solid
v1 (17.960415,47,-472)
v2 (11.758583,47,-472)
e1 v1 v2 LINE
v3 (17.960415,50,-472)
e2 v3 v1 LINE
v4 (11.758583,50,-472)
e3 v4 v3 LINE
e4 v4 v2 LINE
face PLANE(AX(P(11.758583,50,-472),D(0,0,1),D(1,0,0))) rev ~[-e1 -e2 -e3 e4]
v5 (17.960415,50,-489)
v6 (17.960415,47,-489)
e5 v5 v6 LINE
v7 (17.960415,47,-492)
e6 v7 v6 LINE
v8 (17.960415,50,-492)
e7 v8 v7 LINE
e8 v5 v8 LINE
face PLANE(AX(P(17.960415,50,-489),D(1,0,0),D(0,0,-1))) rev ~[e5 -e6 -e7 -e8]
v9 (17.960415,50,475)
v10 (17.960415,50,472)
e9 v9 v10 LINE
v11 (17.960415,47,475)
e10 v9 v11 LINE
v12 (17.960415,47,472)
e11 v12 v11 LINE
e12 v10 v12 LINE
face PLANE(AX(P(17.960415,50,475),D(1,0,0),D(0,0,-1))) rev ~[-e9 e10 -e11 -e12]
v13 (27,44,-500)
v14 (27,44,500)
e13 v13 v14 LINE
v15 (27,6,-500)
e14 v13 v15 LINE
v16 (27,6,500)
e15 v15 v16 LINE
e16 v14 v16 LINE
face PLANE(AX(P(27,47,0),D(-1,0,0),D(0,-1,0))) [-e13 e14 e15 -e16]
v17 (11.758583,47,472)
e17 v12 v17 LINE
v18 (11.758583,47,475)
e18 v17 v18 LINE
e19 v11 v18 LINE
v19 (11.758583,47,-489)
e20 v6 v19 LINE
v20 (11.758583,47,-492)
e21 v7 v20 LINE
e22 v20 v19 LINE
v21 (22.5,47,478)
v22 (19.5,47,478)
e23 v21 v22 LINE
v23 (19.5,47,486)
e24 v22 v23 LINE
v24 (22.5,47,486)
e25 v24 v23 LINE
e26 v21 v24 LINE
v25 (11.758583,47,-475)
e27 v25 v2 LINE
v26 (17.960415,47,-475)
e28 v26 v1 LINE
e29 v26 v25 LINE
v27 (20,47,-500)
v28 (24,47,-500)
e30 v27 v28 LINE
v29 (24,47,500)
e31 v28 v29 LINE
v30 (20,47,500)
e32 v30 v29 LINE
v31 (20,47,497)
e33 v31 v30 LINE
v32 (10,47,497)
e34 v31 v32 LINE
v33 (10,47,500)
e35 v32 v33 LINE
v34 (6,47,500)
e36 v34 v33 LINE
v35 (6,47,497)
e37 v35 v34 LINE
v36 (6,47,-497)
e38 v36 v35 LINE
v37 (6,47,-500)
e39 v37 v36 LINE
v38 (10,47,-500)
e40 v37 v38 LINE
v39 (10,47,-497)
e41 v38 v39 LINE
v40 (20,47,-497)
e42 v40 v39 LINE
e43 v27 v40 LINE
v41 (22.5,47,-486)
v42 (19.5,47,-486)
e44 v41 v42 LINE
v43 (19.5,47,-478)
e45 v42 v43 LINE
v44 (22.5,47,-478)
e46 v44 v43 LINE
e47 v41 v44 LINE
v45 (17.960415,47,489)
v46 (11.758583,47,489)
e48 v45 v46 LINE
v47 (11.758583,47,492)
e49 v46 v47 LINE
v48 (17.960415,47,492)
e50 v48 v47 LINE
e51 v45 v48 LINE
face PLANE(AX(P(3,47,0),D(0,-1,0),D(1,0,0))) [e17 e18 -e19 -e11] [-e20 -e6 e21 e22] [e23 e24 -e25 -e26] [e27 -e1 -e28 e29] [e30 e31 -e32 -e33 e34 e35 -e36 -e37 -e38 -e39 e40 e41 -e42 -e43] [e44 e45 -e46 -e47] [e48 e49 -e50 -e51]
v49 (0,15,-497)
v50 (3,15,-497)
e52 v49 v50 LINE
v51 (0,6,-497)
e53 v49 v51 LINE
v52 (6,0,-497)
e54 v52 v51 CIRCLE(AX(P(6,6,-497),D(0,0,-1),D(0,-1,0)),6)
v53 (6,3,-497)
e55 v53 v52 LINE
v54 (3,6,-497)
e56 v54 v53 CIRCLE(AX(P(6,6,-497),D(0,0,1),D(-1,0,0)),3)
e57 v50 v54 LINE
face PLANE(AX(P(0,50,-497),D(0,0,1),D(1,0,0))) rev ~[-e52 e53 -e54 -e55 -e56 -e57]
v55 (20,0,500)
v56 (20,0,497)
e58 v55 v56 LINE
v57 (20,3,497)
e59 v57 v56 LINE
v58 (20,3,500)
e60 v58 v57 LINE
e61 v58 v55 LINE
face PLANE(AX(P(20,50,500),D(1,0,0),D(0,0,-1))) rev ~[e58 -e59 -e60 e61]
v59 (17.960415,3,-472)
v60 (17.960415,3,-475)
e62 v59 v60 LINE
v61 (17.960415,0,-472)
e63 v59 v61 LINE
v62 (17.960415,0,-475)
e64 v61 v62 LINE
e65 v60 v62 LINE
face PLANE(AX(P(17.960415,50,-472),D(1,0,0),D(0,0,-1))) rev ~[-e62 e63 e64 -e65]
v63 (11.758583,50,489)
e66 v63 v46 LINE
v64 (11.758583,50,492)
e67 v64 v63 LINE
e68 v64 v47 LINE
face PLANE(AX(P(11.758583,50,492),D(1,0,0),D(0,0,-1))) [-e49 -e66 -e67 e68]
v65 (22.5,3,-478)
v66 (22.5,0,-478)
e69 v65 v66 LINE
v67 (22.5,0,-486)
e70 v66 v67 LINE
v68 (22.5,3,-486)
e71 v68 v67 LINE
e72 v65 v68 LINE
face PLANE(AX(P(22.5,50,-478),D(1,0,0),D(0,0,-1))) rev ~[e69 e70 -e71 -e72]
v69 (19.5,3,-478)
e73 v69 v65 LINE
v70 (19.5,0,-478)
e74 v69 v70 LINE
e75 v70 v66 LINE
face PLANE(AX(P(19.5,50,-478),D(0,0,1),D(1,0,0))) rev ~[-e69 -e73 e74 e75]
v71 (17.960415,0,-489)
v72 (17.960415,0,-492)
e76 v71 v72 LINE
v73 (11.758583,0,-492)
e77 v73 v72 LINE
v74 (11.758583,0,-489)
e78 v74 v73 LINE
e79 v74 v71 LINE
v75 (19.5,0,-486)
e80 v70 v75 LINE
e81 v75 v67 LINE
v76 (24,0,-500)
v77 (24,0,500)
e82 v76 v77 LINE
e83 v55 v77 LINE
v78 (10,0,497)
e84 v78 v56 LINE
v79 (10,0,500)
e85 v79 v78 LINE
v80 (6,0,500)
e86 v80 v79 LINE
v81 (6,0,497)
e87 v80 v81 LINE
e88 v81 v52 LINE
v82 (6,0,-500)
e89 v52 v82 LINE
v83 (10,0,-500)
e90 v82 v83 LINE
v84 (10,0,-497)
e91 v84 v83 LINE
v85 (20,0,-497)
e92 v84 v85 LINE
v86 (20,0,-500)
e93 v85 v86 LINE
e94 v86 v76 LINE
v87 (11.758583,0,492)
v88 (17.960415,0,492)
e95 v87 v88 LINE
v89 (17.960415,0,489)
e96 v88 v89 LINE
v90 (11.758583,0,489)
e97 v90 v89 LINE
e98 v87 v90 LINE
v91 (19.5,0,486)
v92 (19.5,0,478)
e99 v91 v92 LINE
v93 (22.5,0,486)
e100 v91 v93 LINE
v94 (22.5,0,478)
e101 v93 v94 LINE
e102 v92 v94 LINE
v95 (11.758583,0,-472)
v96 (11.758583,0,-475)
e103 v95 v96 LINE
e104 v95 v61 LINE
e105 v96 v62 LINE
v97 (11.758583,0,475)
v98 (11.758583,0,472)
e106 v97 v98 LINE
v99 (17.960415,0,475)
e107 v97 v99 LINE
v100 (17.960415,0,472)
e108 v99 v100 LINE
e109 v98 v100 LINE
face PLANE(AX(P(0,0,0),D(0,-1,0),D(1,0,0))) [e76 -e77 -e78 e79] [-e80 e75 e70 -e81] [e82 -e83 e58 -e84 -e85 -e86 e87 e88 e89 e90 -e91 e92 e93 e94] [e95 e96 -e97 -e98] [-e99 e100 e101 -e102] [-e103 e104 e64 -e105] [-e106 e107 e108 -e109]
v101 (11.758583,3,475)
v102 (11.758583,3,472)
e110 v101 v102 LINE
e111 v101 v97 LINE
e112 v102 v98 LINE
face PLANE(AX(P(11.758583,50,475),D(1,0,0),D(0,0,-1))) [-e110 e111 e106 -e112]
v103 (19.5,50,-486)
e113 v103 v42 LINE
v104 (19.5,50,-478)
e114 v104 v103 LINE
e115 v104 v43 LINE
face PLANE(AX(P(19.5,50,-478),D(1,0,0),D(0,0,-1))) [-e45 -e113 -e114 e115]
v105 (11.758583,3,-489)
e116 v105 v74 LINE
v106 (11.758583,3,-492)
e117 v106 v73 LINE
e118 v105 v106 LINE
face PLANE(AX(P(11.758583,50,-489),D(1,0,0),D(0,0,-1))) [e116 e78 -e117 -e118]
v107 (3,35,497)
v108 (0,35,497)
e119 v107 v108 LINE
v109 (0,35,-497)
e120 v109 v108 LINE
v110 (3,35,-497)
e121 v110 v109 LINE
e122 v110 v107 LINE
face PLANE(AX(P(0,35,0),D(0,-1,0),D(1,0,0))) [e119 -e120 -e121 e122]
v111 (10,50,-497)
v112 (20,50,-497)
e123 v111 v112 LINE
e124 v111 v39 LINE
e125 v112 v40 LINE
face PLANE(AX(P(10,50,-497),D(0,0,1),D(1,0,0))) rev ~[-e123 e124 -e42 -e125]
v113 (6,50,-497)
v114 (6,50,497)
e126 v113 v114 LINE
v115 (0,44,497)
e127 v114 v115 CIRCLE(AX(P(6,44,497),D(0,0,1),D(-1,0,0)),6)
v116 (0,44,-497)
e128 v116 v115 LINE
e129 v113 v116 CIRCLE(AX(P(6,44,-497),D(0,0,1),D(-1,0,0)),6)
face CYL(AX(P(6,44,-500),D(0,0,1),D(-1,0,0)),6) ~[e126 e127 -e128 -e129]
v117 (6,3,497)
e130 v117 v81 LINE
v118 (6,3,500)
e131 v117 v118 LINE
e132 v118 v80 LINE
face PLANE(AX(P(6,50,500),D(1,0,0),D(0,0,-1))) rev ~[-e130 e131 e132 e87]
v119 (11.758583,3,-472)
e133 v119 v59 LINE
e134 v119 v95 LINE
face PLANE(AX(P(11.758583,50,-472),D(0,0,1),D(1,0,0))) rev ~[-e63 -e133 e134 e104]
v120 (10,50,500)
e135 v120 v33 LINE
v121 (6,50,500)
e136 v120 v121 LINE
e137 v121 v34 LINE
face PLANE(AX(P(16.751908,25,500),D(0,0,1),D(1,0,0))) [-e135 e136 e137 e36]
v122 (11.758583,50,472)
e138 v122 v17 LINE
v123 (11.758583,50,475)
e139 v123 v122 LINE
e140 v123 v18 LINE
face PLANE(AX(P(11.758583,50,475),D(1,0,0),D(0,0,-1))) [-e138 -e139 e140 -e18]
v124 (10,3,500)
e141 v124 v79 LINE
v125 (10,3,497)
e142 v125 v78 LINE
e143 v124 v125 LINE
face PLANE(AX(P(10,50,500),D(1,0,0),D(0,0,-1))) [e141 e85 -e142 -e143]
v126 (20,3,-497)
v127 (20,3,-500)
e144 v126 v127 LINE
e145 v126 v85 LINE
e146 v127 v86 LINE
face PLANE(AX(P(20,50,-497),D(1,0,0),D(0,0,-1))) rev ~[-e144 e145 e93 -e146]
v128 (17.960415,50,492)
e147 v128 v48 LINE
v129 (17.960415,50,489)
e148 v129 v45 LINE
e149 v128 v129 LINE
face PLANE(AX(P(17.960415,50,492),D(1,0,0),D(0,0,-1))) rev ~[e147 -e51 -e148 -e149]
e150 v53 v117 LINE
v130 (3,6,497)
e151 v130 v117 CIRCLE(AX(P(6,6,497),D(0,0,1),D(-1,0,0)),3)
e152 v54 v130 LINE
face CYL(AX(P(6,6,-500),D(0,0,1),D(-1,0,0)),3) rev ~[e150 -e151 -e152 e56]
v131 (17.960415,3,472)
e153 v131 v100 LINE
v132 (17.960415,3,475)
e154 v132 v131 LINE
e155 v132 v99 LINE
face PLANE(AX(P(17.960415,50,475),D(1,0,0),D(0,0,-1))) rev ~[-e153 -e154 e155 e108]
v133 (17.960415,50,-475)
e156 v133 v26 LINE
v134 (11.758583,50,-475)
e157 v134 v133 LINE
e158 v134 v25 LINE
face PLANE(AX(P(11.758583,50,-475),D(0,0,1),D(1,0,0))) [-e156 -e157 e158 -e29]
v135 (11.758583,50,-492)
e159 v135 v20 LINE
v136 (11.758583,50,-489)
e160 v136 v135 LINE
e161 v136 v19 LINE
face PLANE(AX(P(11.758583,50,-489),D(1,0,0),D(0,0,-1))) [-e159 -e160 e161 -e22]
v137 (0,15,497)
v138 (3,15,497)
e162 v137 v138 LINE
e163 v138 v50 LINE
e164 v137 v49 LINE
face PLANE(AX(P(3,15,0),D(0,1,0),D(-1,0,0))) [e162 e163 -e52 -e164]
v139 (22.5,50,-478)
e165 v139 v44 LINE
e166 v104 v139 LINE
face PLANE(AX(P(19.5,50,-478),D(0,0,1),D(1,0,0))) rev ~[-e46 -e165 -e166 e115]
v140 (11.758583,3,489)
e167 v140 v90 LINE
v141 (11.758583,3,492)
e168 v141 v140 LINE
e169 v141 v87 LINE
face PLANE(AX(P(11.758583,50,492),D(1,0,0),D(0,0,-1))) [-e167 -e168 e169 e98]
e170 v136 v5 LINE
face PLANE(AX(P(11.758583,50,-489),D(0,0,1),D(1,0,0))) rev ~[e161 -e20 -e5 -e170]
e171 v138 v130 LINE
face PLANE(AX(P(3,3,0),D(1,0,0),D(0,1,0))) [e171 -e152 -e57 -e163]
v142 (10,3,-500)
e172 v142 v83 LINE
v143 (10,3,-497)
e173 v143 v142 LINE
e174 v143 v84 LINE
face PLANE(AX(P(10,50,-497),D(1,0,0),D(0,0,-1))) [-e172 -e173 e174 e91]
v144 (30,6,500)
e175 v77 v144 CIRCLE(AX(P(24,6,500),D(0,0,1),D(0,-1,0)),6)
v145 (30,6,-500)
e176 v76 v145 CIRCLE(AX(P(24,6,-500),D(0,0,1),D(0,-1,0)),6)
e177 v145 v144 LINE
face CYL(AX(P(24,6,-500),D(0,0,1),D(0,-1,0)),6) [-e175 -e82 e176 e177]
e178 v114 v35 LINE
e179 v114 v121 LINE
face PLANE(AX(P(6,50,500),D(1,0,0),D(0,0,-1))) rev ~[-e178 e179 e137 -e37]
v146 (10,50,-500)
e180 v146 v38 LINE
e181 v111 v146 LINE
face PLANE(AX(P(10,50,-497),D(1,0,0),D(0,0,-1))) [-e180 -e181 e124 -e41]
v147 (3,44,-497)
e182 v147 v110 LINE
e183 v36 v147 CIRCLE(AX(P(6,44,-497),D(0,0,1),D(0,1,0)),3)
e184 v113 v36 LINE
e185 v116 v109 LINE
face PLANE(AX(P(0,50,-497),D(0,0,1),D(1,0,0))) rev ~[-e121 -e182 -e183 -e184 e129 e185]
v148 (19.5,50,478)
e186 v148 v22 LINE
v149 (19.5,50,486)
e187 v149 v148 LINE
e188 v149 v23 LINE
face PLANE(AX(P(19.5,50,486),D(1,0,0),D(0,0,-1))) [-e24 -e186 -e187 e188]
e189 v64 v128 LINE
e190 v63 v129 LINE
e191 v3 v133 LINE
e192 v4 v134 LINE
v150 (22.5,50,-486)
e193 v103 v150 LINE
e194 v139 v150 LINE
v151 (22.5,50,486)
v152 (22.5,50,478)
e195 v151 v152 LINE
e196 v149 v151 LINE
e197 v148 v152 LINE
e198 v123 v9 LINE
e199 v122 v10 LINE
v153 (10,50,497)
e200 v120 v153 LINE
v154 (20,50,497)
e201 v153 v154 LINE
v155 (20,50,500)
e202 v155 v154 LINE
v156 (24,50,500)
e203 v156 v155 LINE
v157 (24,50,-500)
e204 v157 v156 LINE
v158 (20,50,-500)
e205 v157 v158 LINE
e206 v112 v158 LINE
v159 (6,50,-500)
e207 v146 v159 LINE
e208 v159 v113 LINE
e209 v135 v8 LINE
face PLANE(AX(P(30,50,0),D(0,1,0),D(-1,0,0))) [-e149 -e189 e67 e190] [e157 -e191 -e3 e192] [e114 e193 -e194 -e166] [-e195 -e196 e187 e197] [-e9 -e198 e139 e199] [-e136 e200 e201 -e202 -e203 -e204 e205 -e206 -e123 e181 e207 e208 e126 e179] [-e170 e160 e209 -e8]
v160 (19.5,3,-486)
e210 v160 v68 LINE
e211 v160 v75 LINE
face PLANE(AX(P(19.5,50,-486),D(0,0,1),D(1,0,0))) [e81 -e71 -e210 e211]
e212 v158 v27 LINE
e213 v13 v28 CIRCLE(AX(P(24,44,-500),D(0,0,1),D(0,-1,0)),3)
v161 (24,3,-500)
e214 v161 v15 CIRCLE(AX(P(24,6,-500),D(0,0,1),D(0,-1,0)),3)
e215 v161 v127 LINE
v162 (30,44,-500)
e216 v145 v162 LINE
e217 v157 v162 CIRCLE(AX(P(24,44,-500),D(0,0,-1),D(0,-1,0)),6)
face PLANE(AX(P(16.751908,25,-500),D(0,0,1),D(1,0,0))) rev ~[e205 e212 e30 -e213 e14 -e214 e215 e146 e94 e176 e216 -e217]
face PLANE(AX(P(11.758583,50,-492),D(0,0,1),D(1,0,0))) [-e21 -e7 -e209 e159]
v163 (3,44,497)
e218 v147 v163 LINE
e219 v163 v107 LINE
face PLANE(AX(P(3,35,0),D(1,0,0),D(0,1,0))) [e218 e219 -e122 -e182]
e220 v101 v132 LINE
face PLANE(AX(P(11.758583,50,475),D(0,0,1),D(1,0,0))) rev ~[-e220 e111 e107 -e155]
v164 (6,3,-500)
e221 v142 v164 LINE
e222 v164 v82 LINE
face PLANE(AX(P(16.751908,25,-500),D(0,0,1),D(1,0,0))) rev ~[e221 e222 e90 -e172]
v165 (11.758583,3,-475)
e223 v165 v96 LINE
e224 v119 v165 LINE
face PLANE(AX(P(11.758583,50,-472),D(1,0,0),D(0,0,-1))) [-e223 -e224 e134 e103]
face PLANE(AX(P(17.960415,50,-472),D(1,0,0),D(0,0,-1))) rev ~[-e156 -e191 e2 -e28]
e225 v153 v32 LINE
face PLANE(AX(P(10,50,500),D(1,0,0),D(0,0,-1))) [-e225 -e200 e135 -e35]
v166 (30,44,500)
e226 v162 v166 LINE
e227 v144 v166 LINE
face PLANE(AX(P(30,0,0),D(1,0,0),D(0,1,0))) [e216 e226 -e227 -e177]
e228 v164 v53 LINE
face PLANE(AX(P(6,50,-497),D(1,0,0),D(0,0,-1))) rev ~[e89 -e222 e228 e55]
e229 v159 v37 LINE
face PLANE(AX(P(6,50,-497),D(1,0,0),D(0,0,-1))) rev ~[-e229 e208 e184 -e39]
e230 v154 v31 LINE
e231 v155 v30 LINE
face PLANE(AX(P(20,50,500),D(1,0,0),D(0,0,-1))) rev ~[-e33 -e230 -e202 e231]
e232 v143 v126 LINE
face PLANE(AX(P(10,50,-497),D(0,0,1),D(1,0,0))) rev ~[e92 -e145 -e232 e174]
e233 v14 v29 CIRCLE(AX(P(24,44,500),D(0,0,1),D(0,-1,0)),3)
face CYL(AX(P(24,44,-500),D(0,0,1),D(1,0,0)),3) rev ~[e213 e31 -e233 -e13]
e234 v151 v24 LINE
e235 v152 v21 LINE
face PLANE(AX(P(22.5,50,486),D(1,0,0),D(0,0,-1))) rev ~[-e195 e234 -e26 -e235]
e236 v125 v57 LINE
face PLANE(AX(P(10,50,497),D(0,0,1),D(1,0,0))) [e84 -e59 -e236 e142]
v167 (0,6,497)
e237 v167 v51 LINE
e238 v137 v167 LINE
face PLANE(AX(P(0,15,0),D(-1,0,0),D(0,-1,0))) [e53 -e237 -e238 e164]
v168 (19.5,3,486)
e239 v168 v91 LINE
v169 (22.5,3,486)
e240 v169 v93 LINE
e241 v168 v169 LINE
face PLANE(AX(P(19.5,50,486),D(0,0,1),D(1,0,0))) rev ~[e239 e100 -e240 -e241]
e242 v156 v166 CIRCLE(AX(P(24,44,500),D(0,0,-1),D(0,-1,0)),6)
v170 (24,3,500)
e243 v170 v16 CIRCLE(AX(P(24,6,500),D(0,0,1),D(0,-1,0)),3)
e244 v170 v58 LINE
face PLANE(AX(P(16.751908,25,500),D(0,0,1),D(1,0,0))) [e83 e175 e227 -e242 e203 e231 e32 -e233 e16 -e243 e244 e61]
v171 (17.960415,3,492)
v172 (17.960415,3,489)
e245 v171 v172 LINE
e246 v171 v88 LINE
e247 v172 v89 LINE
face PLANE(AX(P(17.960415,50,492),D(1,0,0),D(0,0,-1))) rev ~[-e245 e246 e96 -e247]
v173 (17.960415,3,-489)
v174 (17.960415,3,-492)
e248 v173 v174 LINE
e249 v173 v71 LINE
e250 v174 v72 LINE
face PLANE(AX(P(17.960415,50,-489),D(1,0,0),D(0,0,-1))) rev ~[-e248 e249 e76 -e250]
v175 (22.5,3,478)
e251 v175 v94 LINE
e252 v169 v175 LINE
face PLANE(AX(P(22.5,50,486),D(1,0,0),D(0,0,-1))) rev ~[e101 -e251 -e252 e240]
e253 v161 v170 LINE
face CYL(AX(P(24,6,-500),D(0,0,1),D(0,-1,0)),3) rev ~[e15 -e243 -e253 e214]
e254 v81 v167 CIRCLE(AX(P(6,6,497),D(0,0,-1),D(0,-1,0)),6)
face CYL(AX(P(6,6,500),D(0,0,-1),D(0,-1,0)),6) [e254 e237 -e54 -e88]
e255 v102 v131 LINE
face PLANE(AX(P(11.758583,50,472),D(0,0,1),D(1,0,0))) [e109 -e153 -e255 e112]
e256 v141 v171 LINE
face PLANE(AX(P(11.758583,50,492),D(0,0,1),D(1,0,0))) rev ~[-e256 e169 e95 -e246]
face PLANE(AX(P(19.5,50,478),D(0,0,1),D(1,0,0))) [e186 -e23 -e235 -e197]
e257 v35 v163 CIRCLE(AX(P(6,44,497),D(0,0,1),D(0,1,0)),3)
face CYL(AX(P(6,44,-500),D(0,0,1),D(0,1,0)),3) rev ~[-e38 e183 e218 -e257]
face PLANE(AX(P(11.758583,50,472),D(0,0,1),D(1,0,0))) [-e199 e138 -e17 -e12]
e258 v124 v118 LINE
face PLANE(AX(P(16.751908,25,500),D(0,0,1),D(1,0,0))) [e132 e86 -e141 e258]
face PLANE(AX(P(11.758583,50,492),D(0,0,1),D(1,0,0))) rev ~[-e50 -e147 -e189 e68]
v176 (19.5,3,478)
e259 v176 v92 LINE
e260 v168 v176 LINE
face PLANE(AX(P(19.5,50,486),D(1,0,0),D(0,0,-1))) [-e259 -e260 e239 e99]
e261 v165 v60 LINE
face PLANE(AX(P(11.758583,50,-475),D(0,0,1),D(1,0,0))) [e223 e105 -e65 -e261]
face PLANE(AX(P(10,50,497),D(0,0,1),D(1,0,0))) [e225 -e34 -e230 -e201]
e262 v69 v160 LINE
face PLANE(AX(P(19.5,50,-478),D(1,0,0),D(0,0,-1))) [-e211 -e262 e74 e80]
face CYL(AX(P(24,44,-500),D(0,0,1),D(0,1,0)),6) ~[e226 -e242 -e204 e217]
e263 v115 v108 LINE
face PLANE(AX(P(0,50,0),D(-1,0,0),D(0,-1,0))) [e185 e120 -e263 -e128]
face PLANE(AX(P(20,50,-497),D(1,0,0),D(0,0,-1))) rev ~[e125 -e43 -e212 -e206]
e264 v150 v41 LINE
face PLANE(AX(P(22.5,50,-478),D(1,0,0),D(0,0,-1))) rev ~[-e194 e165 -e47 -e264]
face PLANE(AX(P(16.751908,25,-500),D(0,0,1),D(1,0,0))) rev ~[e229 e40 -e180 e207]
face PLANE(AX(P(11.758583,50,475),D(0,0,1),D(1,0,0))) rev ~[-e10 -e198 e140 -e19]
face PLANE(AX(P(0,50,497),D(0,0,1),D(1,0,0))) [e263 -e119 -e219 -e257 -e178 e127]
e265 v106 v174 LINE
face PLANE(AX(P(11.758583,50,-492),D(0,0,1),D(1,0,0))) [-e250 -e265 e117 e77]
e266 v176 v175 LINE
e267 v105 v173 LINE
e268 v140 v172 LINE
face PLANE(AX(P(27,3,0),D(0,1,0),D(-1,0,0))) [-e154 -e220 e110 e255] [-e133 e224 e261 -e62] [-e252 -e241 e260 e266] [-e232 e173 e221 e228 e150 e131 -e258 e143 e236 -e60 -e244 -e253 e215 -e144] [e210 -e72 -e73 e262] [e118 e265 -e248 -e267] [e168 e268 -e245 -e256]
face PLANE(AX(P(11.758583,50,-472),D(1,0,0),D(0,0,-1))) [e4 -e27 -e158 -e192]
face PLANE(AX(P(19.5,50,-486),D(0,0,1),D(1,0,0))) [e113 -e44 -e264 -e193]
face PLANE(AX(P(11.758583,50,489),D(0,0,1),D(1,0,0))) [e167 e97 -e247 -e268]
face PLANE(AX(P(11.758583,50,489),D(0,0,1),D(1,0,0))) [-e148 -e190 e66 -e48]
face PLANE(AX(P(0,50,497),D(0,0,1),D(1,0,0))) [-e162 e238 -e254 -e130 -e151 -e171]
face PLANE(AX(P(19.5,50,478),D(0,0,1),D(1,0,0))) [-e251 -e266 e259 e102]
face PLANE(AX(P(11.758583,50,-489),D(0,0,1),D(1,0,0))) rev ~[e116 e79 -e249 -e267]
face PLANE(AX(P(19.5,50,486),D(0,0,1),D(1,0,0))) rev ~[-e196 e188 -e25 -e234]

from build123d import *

# Parameters (mm, degrees)
BOSS_EXTRUDE1_DEPTH = 500
FILLET1_R           = 6
FILLET2_R           = 3
SKETCH2_W           = 10
SKETCH2_H           = 3
SKETCH2_W_2         = 6
SKETCH2_W_3         = 6.201832359
SKETCH2_W_4         = 3
SKETCH2_H_2         = 8
CUT_EXTRUDE1_DEPTH  = 50


with BuildPart() as part:
    # Sketch1 → Boss-Extrude1 (new body, symmetric)
    with BuildSketch(Plane.XY):
        Polygon((0, 0), (30, 0), (30, 50), (0, 50), (0, 35), (3, 35), (3, 47), (27, 47), (27, 3), (3, 3), (3, 15), (0, 15), align=None)
    extrude(amount=BOSS_EXTRUDE1_DEPTH, both=True)

    # Fillet1
    fillet1_edges = [part.edges().sort_by_distance(p)[0] for p in [
        (0, 50, 0),
        (30, 50, 0),
        (30, 0, 0),
        (0, 0, 0),
    ]]
    fillet(fillet1_edges, radius=FILLET1_R)

    # Fillet2
    fillet2_edges = [part.edges().sort_by_distance(p)[0] for p in [
        (3, 3, 0),
        (27, 3, 0),
        (27, 47, 0),
        (3, 47, 0),
    ]]
    fillet(fillet2_edges, radius=FILLET2_R)

    # Sketch2 → Cut-Extrude1 (cut)
    with BuildSketch(Plane(origin=(0, 50, 0), x_dir=(1, 0, 0), z_dir=(0, 1, 0))):
        with Locations((15, 498.5)):
            Rectangle(SKETCH2_W, SKETCH2_H)
        with Locations((3, 498.5)):
            Rectangle(SKETCH2_W_2, SKETCH2_H)
        with Locations((3, -498.5)):
            Rectangle(SKETCH2_W_2, SKETCH2_H)
        with Locations((15, -498.5)):
            Rectangle(SKETCH2_W, SKETCH2_H)
        with Locations((14.859499195, 490.5)):
            Rectangle(SKETCH2_W_3, SKETCH2_H)
        with Locations((14.859499195, 473.5)):
            Rectangle(SKETCH2_W_3, SKETCH2_H)
        with Locations((21, 482)):
            Rectangle(SKETCH2_W_4, SKETCH2_H_2)
        with Locations((14.859499195, -473.5)):
            Rectangle(SKETCH2_W_3, SKETCH2_H)
        with Locations((21, -482)):
            Rectangle(SKETCH2_W_4, SKETCH2_H_2)
        with Locations((14.859499195, -490.5)):
            Rectangle(SKETCH2_W_3, SKETCH2_H)
    extrude(amount=-CUT_EXTRUDE1_DEPTH, mode=Mode.SUBTRACT)


solid = part.part
